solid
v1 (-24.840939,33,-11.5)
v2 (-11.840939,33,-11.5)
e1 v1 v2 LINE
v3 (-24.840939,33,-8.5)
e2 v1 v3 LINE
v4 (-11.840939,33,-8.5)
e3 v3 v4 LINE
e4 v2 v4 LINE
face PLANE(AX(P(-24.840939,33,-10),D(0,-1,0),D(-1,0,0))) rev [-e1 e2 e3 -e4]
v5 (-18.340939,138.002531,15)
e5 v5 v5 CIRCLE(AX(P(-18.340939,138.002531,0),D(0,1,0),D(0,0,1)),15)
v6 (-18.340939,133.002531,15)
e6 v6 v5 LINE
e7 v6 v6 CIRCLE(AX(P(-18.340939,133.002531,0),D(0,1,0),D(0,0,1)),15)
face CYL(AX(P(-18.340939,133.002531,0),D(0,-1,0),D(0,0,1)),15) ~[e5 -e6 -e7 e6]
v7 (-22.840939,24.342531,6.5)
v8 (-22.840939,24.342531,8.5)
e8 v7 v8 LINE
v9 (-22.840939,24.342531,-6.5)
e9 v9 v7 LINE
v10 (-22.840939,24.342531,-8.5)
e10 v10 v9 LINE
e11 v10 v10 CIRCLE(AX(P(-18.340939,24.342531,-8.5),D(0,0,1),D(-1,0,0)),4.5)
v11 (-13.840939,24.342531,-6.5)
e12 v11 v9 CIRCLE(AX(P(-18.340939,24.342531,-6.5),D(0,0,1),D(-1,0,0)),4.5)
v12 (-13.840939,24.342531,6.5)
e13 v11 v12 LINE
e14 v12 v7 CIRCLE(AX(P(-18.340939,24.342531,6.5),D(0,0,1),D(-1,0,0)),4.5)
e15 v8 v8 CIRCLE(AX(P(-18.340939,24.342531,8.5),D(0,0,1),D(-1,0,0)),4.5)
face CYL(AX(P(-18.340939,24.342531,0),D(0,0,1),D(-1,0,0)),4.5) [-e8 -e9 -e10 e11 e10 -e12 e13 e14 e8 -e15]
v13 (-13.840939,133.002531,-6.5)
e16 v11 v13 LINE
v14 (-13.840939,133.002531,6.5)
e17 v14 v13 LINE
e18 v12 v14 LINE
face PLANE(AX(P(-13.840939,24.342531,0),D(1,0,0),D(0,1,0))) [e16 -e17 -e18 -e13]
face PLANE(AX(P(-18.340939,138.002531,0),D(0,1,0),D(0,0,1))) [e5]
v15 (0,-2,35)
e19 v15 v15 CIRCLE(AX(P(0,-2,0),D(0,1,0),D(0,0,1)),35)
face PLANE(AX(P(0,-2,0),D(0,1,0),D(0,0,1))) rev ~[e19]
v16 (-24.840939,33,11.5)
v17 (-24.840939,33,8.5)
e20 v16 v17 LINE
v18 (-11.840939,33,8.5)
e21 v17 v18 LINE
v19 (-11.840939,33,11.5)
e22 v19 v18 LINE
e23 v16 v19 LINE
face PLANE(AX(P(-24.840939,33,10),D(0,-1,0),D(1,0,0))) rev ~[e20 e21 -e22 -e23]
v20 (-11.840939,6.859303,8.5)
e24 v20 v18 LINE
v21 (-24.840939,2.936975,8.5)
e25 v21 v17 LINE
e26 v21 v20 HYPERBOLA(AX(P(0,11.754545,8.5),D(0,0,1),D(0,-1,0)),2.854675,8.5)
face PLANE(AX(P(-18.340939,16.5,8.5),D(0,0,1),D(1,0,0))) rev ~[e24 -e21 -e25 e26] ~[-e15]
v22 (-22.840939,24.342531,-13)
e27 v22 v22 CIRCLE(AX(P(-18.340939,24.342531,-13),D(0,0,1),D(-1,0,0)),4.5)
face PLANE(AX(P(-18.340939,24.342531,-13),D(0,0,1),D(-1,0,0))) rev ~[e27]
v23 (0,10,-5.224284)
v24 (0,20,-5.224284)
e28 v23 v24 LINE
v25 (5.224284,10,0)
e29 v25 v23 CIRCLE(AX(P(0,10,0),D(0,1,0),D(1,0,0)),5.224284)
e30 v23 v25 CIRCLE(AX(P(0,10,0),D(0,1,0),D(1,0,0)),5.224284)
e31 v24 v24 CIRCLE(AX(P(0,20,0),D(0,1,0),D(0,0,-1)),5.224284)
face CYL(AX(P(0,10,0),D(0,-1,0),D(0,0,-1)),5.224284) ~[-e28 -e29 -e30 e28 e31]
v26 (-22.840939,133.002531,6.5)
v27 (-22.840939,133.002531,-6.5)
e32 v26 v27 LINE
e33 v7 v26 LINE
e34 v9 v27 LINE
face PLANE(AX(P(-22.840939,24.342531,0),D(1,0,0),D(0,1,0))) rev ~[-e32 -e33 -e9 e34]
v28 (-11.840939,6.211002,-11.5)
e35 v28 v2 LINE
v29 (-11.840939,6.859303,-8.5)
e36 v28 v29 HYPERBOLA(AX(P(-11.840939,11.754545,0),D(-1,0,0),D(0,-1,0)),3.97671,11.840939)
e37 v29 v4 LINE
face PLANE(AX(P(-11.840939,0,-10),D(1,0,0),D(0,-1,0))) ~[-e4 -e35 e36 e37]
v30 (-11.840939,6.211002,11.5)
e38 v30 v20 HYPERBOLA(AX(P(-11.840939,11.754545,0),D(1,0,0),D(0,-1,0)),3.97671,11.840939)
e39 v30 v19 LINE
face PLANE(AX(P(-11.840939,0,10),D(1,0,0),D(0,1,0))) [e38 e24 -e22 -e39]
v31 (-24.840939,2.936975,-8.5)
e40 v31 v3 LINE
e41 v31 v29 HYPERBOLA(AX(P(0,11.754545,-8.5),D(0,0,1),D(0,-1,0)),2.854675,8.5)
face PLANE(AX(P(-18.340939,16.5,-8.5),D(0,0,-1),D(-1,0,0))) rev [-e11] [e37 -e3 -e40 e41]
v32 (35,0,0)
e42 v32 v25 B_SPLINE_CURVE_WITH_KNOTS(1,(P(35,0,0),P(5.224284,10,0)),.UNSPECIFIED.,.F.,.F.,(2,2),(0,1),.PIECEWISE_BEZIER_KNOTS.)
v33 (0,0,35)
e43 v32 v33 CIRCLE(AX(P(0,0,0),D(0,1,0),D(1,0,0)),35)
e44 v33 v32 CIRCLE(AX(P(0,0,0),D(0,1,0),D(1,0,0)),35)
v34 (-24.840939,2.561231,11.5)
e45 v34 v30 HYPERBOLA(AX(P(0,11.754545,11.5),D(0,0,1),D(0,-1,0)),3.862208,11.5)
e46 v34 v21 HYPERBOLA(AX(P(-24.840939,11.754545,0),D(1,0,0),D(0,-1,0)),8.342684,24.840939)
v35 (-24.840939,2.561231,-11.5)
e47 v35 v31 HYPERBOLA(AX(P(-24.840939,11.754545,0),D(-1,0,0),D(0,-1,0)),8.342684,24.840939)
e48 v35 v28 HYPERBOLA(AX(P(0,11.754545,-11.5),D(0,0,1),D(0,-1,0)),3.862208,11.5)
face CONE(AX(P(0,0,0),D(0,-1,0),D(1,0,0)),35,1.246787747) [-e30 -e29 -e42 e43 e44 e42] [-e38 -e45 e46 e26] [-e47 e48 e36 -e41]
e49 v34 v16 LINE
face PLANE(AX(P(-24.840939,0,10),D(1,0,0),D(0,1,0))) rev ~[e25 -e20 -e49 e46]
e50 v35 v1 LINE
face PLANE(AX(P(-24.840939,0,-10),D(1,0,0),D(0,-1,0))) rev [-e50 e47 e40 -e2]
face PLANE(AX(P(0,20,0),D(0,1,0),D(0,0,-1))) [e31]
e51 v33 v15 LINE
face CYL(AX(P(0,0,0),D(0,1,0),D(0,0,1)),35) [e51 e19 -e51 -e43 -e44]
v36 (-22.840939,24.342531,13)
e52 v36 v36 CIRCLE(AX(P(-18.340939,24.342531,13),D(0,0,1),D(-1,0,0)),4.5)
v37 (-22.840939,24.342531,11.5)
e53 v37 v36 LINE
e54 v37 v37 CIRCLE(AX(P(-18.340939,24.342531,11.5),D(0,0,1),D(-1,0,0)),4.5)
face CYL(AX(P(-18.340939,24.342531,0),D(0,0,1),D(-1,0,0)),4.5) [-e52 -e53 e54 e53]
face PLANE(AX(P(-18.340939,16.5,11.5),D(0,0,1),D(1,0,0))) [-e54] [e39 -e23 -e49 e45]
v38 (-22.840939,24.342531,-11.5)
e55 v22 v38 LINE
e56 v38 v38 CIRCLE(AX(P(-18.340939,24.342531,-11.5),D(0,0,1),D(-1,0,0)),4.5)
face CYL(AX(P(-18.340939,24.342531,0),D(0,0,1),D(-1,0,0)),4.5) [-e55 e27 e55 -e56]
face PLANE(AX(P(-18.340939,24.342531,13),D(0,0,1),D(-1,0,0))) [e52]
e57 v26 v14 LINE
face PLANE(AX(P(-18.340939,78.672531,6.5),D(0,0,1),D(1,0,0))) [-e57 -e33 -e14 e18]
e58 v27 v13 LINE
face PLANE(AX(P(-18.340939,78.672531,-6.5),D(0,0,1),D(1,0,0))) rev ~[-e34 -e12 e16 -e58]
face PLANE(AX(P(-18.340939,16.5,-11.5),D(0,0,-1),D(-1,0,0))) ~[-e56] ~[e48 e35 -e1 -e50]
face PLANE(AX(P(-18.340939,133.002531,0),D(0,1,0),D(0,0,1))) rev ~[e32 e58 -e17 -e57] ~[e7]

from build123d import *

# Parameters (mm, degrees)
SKETCH1_R           = 35
SKETCH2_R           = 5.224283628
SKETCH8_R           = 5.224283628
BOSS_EXTRUDE1_DEPTH = 10
SKETCH16_W          = 13
SKETCH16_H          = 33
BOSS_EXTRUDE5_DEPTH = 1.5
SKETCH19_R          = 4.5
BOSS_EXTRUDE6_DEPTH = 13
SKETCH21_W          = 9
SKETCH21_H          = 108.66
BOSS_EXTRUDE7_DEPTH = 6.5
SKETCH22_R          = 35
BOSS_EXTRUDE8_DEPTH = 2
SKETCH23_R          = 15
BOSS_EXTRUDE9_DEPTH = 5


with BuildPart() as part:
    # Sketch1 → Loft3 section 0
    with BuildSketch(Plane(origin=(0, 0, 0), x_dir=(1, 0, 0), z_dir=(0, 1, 0))):
        Circle(SKETCH1_R)
    # Sketch2 → Loft3 section 1
    with BuildSketch(Plane(origin=(0, 10, 0), x_dir=(1, 0, 0), z_dir=(0, 1, 0))):
        Circle(SKETCH2_R)
    loft()

    # Sketch8 → Boss-Extrude1 (add)
    with BuildSketch(Plane(origin=(0, 10, 0), x_dir=(1, 0, 0), z_dir=(0, 1, 0))):
        with Locations(Location((0, 0, 0), (0, 0, 90))):
            Circle(SKETCH8_R)
    extrude(amount=BOSS_EXTRUDE1_DEPTH)

    # Sketch16 → Boss-Extrude5 (add, symmetric)
    with BuildSketch(Plane.XY.offset(10)):
        with Locations((-18.340938927, 16.5)):
            Rectangle(SKETCH16_W, SKETCH16_H)
    boss_extrude5 = extrude(amount=BOSS_EXTRUDE5_DEPTH, both=True)

    # Mirror2: Boss-Extrude5 across plane
    add(boss_extrude5.mirror(Plane.XY))

    # Sketch19 → Boss-Extrude6 (add, symmetric)
    with BuildSketch(Plane.XY):
        with Locations(Location((-18.340938927, 24.342530905, 0), (0, 0, 180))):
            Circle(SKETCH19_R)
    extrude(amount=BOSS_EXTRUDE6_DEPTH, both=True)

    # Sketch21 → Boss-Extrude7 (add, symmetric)
    with BuildSketch(Plane.XY):
        with Locations((-18.340938927, 78.672530905)):
            Rectangle(SKETCH21_W, SKETCH21_H)
    extrude(amount=BOSS_EXTRUDE7_DEPTH, both=True)

    # Sketch22 → Boss-Extrude8 (add)
    with BuildSketch(Plane(origin=(0, 0, 0), x_dir=(1, 0, 0), z_dir=(0, 1, 0))):
        with Locations(Location((0, 0, 0), (0, 0, 270))):
            Circle(SKETCH22_R)
    extrude(amount=-BOSS_EXTRUDE8_DEPTH)

    # Sketch23 → Boss-Extrude9 (add)
    with BuildSketch(Plane(origin=(0, 133.002530905, 0), x_dir=(1, 0, 0), z_dir=(0, 1, 0))):
        with Locations(Location((-18.340938927, 0, 0), (0, 0, 270))):
            Circle(SKETCH23_R)
    extrude(amount=BOSS_EXTRUDE9_DEPTH)


solid = part.part
